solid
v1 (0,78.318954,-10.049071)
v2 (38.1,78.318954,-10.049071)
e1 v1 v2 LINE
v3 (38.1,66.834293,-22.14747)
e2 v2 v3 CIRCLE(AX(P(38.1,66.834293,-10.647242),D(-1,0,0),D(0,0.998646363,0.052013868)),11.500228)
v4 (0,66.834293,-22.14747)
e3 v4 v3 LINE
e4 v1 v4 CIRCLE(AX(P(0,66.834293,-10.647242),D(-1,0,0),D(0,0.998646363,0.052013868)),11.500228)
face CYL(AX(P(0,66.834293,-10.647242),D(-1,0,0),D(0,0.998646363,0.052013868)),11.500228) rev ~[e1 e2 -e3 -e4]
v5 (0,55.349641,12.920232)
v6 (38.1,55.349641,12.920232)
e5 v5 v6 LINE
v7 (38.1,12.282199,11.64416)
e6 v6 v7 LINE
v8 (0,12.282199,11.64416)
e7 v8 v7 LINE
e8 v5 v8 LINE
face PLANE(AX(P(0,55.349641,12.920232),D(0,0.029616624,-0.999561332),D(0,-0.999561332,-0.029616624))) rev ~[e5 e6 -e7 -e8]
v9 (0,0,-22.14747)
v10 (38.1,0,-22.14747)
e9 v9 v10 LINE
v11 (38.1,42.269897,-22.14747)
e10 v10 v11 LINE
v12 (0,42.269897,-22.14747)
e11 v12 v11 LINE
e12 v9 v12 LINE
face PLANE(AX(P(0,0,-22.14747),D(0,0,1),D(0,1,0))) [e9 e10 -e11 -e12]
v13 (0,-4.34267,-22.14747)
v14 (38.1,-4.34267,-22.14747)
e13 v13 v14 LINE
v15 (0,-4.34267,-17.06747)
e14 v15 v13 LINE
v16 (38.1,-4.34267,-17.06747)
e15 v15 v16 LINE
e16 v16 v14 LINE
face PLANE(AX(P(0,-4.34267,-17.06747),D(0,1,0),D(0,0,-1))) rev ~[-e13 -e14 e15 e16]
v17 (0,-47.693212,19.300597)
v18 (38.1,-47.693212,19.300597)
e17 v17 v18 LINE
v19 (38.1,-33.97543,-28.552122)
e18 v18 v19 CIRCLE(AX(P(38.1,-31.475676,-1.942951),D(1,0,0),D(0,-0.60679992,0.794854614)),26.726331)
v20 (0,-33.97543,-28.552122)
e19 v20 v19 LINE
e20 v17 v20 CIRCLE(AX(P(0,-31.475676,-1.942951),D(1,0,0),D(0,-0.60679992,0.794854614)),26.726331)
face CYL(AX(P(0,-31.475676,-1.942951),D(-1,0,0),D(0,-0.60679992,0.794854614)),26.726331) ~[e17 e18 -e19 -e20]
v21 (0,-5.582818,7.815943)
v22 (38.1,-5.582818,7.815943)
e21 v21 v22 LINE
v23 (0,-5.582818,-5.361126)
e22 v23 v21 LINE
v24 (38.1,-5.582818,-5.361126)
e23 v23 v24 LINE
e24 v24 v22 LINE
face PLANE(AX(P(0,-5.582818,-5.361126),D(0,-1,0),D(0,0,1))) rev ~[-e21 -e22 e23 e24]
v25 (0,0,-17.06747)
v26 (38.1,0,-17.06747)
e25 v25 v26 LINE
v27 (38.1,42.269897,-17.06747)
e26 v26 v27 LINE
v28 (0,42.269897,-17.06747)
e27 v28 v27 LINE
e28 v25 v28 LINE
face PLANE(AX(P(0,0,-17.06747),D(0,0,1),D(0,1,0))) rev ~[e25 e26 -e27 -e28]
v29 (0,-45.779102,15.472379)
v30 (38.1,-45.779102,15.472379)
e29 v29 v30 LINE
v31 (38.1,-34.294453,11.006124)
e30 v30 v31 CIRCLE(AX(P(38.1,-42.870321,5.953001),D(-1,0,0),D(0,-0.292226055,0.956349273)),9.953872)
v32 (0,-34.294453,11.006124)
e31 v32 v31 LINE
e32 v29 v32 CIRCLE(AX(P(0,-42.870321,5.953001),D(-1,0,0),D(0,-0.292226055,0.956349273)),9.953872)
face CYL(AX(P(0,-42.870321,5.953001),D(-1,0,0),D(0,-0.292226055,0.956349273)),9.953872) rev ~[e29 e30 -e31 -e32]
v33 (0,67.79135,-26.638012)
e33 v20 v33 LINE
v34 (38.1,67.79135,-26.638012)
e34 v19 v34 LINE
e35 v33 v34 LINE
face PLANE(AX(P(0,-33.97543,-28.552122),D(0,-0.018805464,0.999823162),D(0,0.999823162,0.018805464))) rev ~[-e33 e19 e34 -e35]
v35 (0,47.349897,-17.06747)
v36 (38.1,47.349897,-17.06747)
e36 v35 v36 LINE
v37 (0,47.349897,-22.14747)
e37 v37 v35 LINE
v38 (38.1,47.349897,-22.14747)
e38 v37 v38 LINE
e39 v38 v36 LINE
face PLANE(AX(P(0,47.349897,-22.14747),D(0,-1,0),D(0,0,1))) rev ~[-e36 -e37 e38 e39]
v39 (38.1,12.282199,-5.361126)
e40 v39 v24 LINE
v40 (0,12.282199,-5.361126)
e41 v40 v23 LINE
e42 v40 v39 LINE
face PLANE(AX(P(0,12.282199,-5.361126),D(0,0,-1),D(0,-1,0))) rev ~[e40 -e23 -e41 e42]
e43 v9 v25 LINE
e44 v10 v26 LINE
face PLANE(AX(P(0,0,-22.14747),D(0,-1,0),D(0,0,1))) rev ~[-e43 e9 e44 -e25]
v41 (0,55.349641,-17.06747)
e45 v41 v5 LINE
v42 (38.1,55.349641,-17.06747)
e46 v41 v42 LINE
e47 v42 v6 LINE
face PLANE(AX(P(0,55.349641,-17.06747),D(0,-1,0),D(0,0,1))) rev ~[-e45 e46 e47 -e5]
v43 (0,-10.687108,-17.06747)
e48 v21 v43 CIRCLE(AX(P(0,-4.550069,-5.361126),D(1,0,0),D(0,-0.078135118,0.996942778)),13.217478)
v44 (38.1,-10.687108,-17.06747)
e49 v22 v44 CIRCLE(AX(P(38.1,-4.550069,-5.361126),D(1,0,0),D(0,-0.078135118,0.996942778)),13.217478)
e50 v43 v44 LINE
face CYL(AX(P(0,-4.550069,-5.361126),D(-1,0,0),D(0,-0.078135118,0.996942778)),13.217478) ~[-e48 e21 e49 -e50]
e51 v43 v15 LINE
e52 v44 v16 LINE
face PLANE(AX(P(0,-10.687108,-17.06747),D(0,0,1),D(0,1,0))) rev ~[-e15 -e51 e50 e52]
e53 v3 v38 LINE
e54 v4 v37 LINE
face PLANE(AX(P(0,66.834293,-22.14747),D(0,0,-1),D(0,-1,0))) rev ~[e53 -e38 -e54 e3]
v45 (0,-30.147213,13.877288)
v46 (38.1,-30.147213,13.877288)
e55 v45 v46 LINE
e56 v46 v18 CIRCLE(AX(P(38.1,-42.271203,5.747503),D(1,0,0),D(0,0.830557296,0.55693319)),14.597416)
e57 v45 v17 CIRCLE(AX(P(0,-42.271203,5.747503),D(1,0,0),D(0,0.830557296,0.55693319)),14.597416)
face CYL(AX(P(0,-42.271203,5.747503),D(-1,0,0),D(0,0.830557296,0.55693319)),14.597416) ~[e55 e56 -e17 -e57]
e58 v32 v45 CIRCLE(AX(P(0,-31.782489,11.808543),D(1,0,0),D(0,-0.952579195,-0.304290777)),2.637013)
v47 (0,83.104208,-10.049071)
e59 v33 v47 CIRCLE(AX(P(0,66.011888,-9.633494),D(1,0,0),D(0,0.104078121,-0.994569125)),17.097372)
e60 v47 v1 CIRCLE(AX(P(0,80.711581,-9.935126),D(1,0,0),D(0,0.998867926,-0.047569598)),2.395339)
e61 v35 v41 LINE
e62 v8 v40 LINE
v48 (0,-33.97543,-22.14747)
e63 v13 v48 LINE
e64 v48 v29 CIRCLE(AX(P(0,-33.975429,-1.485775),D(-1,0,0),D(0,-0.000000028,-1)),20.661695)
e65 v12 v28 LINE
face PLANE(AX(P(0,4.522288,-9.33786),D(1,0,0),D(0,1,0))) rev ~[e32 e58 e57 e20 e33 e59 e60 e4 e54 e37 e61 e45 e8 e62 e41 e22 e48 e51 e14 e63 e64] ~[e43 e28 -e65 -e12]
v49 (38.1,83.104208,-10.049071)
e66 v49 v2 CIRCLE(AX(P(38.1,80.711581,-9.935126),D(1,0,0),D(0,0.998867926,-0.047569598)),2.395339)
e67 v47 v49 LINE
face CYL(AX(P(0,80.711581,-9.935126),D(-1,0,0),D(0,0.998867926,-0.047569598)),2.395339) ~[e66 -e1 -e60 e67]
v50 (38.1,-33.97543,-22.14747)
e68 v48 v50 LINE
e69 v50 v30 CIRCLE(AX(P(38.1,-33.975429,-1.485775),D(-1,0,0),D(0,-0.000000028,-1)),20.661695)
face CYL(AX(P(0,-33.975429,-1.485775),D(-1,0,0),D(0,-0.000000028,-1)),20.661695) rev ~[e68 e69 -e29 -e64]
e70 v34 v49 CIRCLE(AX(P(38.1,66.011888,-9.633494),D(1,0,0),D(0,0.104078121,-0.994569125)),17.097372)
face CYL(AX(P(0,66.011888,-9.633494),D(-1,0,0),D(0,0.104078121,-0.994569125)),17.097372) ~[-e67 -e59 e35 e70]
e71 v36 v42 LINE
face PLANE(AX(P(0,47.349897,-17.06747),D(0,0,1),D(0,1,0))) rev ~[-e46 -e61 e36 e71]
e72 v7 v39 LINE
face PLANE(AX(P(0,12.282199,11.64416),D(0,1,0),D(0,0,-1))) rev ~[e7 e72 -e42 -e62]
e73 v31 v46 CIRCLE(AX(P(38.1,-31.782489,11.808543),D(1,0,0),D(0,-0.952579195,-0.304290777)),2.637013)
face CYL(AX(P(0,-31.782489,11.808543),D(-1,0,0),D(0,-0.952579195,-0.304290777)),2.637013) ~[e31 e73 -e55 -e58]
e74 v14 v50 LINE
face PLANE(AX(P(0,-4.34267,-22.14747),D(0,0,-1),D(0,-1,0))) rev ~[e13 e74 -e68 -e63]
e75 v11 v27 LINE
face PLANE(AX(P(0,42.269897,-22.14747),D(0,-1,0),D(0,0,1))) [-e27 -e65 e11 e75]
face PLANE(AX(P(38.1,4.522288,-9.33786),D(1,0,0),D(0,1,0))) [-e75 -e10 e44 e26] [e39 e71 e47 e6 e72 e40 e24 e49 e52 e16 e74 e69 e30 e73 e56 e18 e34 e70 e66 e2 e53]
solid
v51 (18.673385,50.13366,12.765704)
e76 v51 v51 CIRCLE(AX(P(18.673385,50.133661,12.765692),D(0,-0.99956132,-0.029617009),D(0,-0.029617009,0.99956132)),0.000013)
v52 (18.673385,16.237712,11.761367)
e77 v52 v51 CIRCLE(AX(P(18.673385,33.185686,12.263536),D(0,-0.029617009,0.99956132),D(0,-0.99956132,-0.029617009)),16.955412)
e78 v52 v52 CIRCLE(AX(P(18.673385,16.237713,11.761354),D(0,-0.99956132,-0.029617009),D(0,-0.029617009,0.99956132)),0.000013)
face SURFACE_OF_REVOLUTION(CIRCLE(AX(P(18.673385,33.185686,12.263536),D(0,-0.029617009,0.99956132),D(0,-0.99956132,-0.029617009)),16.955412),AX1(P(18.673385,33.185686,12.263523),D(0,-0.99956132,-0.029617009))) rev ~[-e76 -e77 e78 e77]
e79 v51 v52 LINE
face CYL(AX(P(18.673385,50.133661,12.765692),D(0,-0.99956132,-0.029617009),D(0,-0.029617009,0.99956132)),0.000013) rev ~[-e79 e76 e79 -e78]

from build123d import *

# Parameters (mm, degrees)
F0_W     = 42.269897
F0_H     = 5.08
F1_DEPTH = 38.1


with BuildPart() as f1:
    # F0 (on Right) → F1 (new body)
    with BuildSketch(Plane.YZ):
        with BuildLine():
            Line((55.349641, -17.06747), (55.349641, 12.920232))
            Line((55.349641, 12.920232), (12.282199, 11.64416))
            Line((12.282199, 11.64416), (12.282199, -5.361126))
            Line((12.282199, -5.361126), (-5.582818, -5.361126))
            Line((-5.582818, -5.361126), (-5.582818, 7.815943))
            ThreePointArc((-5.582818, 7.815943), (-17.497946, -2.705151), (-10.687108, -17.06747))
            Line((-10.687108, -17.06747), (-4.34267, -17.06747))
            Line((-4.34267, -17.06747), (-4.34267, -22.14747))
            Line((-4.34267, -22.14747), (-33.97543, -22.14747))
            ThreePointArc((-33.97543, -22.14747), (-53.689509, -7.6713), (-45.779102, 15.472379))
            ThreePointArc((-45.779102, 15.472379), (-39.262575, 15.230055), (-34.294453, 11.006124))
            ThreePointArc((-34.294453, 11.006124), (-30.281476, 9.640411), (-30.147213, 13.877288))
            ThreePointArc((-30.147213, 13.877288), (-37.960494, 19.693912), (-47.693212, 19.300597))
            ThreePointArc((-47.693212, 19.300597), (-57.16721, -9.307859), (-33.97543, -28.552122))
            Line((-33.97543, -28.552122), (67.79135, -26.638012))
            ThreePointArc((67.79135, -26.638012), (78.575099, -21.230297), (83.104208, -10.049071))
            ThreePointArc((83.104208, -10.049071), (80.711581, -7.539787), (78.318954, -10.049071))
            ThreePointArc((78.318954, -10.049071), (75.174987, -18.564822), (66.834293, -22.14747))
            Line((66.834293, -22.14747), (47.349897, -22.14747))
            Line((47.349897, -22.14747), (47.349897, -17.06747))
            Line((47.349897, -17.06747), (55.349641, -17.06747))
        make_face()
        with Locations((21.134949, -19.60747)):
            Rectangle(F0_W, F0_H, mode=Mode.SUBTRACT)
    extrude(amount=F1_DEPTH)


with BuildPart() as f3:
    # F2 (on face) → F3 (revolve)
    with BuildSketch(Plane(origin=(0, -0.333936, 11.270349), x_dir=(1, 0, 0), z_dir=(0, -0.029617, 0.999561))):
        with BuildLine():
            Line((18.673385, 50.489745), (18.673385, 16.578921))
            ThreePointArc((18.673385, 16.578921), (35.628797, 33.534333), (18.673385, 50.489745))
        make_face()
    revolve(axis=Axis((18.673385, 33.185686, 12.263523), (0, -0.999561, -0.029617)))


solid = Compound([f1.part, f3.part])
